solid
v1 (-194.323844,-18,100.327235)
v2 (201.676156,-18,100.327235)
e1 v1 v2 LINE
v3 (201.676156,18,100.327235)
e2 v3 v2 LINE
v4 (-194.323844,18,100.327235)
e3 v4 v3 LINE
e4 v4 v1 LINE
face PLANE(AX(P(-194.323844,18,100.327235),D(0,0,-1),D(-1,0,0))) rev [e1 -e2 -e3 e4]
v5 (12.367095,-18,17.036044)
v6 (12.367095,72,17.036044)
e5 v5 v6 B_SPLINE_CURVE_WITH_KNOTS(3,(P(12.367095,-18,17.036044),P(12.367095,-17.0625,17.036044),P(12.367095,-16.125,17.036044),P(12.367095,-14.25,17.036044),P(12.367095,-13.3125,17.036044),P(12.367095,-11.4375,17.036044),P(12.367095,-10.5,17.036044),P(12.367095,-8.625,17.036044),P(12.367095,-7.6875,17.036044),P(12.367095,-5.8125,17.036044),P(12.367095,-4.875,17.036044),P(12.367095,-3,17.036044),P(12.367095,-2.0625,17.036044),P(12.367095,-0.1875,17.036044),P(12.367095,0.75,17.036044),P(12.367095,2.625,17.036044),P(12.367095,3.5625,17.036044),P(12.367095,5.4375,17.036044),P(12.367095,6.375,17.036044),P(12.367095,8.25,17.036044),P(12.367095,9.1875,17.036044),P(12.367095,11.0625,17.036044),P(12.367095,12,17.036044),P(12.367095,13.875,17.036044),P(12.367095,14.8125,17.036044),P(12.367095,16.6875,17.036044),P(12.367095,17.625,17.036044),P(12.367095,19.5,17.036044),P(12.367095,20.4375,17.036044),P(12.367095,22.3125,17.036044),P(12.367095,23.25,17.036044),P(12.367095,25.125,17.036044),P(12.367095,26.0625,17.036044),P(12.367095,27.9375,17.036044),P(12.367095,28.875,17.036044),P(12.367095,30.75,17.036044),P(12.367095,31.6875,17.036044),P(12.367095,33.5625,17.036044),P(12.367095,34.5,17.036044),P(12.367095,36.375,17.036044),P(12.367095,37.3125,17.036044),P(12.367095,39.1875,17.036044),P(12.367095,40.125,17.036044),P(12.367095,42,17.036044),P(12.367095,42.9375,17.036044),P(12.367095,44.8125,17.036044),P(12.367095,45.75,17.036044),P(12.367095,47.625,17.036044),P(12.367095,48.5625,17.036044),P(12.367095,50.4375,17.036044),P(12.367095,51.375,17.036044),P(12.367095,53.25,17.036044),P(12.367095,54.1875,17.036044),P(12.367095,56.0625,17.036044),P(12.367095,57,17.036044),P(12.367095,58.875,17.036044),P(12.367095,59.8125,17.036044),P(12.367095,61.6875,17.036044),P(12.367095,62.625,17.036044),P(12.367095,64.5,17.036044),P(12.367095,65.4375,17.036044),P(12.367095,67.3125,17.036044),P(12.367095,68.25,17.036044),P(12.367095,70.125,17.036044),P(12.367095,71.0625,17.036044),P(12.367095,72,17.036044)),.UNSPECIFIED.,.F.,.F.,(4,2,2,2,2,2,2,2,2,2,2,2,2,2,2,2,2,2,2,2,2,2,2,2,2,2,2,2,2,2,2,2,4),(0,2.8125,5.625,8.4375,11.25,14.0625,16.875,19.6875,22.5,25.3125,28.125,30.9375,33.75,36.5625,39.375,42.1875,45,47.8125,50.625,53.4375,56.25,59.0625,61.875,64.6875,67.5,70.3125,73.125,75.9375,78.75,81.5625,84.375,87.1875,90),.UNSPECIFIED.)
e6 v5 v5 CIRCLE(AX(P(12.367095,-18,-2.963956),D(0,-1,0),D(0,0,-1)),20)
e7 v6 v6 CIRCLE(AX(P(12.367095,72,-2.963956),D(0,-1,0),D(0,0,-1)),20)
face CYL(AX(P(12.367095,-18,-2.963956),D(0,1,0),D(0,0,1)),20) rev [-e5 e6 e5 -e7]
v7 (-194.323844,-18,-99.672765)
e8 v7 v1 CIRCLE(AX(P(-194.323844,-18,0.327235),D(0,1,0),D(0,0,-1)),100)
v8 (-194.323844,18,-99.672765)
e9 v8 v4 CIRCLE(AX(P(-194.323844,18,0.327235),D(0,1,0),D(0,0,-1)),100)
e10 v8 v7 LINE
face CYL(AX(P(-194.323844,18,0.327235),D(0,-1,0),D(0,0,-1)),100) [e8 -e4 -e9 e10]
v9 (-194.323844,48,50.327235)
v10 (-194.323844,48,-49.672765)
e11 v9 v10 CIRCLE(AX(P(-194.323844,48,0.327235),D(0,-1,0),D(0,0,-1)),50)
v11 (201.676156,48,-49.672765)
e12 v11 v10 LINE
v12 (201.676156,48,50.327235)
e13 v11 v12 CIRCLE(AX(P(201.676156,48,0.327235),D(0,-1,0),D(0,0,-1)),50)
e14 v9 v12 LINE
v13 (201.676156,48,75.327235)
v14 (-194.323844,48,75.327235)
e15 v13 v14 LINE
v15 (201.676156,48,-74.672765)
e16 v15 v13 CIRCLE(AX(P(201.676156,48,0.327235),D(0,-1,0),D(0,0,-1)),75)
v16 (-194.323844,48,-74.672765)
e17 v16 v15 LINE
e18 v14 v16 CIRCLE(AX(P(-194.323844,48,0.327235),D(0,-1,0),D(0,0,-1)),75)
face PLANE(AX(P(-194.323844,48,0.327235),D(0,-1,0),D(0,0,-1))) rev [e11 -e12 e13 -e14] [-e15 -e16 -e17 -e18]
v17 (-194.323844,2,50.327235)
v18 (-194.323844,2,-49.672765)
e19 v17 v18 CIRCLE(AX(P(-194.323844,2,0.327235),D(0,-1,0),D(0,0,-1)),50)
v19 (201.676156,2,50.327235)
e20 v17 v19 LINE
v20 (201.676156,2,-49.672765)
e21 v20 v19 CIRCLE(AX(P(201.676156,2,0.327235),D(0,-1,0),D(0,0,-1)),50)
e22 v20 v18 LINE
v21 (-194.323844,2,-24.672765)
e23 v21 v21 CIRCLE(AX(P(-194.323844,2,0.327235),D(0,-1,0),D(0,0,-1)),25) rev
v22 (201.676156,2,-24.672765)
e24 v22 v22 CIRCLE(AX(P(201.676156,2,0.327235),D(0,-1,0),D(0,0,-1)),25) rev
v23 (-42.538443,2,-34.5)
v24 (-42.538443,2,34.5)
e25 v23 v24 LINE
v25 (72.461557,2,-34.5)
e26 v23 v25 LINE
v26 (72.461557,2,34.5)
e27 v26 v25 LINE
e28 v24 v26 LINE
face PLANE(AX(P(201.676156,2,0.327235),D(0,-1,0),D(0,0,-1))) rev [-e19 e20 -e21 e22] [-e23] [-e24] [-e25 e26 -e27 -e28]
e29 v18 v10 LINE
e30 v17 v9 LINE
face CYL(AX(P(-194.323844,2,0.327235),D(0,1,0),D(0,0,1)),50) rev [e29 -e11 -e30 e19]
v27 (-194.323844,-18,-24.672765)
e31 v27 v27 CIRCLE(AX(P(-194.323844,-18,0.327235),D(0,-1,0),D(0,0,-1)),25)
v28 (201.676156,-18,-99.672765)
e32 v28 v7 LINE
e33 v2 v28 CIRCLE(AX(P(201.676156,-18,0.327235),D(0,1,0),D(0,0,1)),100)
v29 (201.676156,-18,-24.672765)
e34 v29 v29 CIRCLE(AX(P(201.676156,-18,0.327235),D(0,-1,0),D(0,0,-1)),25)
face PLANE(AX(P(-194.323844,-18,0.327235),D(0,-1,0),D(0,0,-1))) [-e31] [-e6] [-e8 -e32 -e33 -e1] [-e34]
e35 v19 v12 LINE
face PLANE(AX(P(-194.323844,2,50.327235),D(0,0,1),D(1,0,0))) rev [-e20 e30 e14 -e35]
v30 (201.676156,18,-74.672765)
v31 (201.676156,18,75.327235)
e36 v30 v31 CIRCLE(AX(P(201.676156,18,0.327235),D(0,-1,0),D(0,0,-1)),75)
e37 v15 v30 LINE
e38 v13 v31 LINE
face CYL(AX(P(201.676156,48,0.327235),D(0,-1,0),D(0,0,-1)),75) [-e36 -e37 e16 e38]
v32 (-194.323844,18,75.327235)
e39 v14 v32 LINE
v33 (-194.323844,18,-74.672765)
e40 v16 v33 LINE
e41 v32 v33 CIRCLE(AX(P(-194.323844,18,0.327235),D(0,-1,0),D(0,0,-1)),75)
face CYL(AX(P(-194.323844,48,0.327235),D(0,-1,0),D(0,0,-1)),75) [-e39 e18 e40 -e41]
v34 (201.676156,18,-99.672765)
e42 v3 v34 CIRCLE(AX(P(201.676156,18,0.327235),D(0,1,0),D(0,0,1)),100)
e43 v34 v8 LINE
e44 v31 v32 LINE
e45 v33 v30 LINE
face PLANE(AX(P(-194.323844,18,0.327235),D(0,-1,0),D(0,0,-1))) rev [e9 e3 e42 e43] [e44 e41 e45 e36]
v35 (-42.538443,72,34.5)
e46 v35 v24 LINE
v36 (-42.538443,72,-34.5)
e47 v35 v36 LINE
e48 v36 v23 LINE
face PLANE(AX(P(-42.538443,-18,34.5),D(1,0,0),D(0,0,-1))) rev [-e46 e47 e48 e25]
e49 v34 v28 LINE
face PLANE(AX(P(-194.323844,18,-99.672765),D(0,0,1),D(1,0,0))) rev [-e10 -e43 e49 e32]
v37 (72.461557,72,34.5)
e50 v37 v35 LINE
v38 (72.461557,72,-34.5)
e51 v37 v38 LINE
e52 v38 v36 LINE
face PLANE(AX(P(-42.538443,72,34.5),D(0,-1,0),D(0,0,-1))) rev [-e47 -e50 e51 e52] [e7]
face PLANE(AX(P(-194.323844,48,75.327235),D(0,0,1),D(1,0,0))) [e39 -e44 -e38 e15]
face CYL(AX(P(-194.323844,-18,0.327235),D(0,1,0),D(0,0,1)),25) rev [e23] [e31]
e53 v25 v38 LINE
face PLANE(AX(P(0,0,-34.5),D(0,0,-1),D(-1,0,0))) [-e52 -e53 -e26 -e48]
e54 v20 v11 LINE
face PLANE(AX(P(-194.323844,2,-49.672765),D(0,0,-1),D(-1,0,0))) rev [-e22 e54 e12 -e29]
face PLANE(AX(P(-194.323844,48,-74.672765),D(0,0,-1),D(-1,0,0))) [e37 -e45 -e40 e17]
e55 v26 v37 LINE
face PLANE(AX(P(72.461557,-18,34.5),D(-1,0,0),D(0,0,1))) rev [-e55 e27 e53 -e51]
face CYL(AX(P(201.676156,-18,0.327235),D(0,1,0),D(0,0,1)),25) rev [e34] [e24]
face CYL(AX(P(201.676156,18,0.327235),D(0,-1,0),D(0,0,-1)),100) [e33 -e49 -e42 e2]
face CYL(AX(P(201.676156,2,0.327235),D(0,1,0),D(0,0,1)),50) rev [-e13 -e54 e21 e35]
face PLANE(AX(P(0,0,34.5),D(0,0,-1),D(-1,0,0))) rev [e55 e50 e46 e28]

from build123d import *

# Parameters (mm, degrees)
SALIENTE_EXTRUIR1_DEPTH = 18
SALIENTE_EXTRUIR6_START = -36
SALIENTE_EXTRUIR6_DEPTH = 66
CORTAR_EXTRUIR1_START   = 48
CORTAR_EXTRUIR1_DEPTH   = 46
CORTAR_EXTRUIR2_START   = 18
CROQUIS4_R              = 25
CORTAR_EXTRUIR2_DEPTH   = 340.524582953
CROQUIS5_W              = 115
CROQUIS5_H              = 90
SALIENTE_EXTRUIR7_DEPTH = 34.5
CORTAR_EXTRUIR3_START   = 72
CROQUIS7_R              = 20
CORTAR_EXTRUIR3_DEPTH   = 398.972479579


with BuildPart() as part:
    # Croquis1 → Saliente-Extruir1 (new, symmetric)
    with BuildSketch(Plane(origin=(0, 0, 0), x_dir=(1, 0, 0), z_dir=(0, 1, 0))):
        with BuildLine():
            Line((-194.323843522, -100.327234865), (201.676156478, -100.327234865))
            ThreePointArc((201.676156478, -100.327234865), (301.676156478, -0.327234865), (201.676156478, 99.672765135))
            Line((201.676156478, 99.672765135), (-194.323843522, 99.672765135))
            ThreePointArc((-194.323843522, 99.672765135), (-294.323843522, -0.327234865), (-194.323843522, -100.327234865))
        make_face()
    extrude(amount=SALIENTE_EXTRUIR1_DEPTH, both=True)

    # Croquis2 → Saliente-Extruir6 (add)
    with BuildSketch(Plane(origin=(0, 18, 0), x_dir=(1, 0, 0), z_dir=(0, 1, 0)).offset(SALIENTE_EXTRUIR6_START)):
        with BuildLine():
            Line((-194.323843522, -75.327234865), (201.676156478, -75.327234865))
            ThreePointArc((201.676156478, -75.327234865), (276.676156478, -0.327234865), (201.676156478, 74.672765135))
            Line((201.676156478, 74.672765135), (-194.323843522, 74.672765135))
            ThreePointArc((-194.323843522, 74.672765135), (-269.323843522, -0.327234865), (-194.323843522, -75.327234865))
        make_face()
    extrude(amount=SALIENTE_EXTRUIR6_DEPTH)

    # Croquis3 → Cortar-Extruir1 (cut)
    with BuildSketch(Plane(origin=(0, 0, 0), x_dir=(1, 0, 0), z_dir=(0, 1, 0)).offset(CORTAR_EXTRUIR1_START)):
        with BuildLine():
            Line((-194.323843522, -50.327234865), (201.676156478, -50.327234865))
            ThreePointArc((201.676156478, -50.327234865), (251.676156478, -0.327234865), (201.676156478, 49.672765135))
            Line((201.676156478, 49.672765135), (-194.323843522, 49.672765135))
            ThreePointArc((-194.323843522, 49.672765135), (-244.323843522, -0.327234865), (-194.323843522, -50.327234865))
        make_face()
    extrude(amount=-CORTAR_EXTRUIR1_DEPTH, mode=Mode.SUBTRACT)

    # Croquis4 → Cortar-Extruir2 (cut, through all)
    with BuildSketch(Plane(origin=(0, 0, 0), x_dir=(1, 0, 0), z_dir=(0, 1, 0)).offset(CORTAR_EXTRUIR2_START)):
        with Locations(Location((-194.323843522, -0.327234865, 0), (0, 0, 90))):
            Circle(CROQUIS4_R)
        with Locations(Location((201.676156478, -0.327234865, 0), (0, 0, 90))):
            Circle(CROQUIS4_R)
    extrude(amount=-CORTAR_EXTRUIR2_DEPTH, mode=Mode.SUBTRACT)

    # Croquis5 → Saliente-Extruir7 (add, symmetric)
    with BuildSketch(Plane.XY):
        with Locations((14.961556785, 27)):
            Rectangle(CROQUIS5_W, CROQUIS5_H)
    extrude(amount=SALIENTE_EXTRUIR7_DEPTH, both=True)

    # Croquis7 → Cortar-Extruir3 (cut, through all)
    with BuildSketch(Plane(origin=(0, 0, 0), x_dir=(1, 0, 0), z_dir=(0, 1, 0)).offset(CORTAR_EXTRUIR3_START)):
        with Locations(Location((12.367095305, 2.963956449, 0), (0, 0, 270))):
            Circle(CROQUIS7_R)
    extrude(amount=-CORTAR_EXTRUIR3_DEPTH, mode=Mode.SUBTRACT)


solid = part.part
